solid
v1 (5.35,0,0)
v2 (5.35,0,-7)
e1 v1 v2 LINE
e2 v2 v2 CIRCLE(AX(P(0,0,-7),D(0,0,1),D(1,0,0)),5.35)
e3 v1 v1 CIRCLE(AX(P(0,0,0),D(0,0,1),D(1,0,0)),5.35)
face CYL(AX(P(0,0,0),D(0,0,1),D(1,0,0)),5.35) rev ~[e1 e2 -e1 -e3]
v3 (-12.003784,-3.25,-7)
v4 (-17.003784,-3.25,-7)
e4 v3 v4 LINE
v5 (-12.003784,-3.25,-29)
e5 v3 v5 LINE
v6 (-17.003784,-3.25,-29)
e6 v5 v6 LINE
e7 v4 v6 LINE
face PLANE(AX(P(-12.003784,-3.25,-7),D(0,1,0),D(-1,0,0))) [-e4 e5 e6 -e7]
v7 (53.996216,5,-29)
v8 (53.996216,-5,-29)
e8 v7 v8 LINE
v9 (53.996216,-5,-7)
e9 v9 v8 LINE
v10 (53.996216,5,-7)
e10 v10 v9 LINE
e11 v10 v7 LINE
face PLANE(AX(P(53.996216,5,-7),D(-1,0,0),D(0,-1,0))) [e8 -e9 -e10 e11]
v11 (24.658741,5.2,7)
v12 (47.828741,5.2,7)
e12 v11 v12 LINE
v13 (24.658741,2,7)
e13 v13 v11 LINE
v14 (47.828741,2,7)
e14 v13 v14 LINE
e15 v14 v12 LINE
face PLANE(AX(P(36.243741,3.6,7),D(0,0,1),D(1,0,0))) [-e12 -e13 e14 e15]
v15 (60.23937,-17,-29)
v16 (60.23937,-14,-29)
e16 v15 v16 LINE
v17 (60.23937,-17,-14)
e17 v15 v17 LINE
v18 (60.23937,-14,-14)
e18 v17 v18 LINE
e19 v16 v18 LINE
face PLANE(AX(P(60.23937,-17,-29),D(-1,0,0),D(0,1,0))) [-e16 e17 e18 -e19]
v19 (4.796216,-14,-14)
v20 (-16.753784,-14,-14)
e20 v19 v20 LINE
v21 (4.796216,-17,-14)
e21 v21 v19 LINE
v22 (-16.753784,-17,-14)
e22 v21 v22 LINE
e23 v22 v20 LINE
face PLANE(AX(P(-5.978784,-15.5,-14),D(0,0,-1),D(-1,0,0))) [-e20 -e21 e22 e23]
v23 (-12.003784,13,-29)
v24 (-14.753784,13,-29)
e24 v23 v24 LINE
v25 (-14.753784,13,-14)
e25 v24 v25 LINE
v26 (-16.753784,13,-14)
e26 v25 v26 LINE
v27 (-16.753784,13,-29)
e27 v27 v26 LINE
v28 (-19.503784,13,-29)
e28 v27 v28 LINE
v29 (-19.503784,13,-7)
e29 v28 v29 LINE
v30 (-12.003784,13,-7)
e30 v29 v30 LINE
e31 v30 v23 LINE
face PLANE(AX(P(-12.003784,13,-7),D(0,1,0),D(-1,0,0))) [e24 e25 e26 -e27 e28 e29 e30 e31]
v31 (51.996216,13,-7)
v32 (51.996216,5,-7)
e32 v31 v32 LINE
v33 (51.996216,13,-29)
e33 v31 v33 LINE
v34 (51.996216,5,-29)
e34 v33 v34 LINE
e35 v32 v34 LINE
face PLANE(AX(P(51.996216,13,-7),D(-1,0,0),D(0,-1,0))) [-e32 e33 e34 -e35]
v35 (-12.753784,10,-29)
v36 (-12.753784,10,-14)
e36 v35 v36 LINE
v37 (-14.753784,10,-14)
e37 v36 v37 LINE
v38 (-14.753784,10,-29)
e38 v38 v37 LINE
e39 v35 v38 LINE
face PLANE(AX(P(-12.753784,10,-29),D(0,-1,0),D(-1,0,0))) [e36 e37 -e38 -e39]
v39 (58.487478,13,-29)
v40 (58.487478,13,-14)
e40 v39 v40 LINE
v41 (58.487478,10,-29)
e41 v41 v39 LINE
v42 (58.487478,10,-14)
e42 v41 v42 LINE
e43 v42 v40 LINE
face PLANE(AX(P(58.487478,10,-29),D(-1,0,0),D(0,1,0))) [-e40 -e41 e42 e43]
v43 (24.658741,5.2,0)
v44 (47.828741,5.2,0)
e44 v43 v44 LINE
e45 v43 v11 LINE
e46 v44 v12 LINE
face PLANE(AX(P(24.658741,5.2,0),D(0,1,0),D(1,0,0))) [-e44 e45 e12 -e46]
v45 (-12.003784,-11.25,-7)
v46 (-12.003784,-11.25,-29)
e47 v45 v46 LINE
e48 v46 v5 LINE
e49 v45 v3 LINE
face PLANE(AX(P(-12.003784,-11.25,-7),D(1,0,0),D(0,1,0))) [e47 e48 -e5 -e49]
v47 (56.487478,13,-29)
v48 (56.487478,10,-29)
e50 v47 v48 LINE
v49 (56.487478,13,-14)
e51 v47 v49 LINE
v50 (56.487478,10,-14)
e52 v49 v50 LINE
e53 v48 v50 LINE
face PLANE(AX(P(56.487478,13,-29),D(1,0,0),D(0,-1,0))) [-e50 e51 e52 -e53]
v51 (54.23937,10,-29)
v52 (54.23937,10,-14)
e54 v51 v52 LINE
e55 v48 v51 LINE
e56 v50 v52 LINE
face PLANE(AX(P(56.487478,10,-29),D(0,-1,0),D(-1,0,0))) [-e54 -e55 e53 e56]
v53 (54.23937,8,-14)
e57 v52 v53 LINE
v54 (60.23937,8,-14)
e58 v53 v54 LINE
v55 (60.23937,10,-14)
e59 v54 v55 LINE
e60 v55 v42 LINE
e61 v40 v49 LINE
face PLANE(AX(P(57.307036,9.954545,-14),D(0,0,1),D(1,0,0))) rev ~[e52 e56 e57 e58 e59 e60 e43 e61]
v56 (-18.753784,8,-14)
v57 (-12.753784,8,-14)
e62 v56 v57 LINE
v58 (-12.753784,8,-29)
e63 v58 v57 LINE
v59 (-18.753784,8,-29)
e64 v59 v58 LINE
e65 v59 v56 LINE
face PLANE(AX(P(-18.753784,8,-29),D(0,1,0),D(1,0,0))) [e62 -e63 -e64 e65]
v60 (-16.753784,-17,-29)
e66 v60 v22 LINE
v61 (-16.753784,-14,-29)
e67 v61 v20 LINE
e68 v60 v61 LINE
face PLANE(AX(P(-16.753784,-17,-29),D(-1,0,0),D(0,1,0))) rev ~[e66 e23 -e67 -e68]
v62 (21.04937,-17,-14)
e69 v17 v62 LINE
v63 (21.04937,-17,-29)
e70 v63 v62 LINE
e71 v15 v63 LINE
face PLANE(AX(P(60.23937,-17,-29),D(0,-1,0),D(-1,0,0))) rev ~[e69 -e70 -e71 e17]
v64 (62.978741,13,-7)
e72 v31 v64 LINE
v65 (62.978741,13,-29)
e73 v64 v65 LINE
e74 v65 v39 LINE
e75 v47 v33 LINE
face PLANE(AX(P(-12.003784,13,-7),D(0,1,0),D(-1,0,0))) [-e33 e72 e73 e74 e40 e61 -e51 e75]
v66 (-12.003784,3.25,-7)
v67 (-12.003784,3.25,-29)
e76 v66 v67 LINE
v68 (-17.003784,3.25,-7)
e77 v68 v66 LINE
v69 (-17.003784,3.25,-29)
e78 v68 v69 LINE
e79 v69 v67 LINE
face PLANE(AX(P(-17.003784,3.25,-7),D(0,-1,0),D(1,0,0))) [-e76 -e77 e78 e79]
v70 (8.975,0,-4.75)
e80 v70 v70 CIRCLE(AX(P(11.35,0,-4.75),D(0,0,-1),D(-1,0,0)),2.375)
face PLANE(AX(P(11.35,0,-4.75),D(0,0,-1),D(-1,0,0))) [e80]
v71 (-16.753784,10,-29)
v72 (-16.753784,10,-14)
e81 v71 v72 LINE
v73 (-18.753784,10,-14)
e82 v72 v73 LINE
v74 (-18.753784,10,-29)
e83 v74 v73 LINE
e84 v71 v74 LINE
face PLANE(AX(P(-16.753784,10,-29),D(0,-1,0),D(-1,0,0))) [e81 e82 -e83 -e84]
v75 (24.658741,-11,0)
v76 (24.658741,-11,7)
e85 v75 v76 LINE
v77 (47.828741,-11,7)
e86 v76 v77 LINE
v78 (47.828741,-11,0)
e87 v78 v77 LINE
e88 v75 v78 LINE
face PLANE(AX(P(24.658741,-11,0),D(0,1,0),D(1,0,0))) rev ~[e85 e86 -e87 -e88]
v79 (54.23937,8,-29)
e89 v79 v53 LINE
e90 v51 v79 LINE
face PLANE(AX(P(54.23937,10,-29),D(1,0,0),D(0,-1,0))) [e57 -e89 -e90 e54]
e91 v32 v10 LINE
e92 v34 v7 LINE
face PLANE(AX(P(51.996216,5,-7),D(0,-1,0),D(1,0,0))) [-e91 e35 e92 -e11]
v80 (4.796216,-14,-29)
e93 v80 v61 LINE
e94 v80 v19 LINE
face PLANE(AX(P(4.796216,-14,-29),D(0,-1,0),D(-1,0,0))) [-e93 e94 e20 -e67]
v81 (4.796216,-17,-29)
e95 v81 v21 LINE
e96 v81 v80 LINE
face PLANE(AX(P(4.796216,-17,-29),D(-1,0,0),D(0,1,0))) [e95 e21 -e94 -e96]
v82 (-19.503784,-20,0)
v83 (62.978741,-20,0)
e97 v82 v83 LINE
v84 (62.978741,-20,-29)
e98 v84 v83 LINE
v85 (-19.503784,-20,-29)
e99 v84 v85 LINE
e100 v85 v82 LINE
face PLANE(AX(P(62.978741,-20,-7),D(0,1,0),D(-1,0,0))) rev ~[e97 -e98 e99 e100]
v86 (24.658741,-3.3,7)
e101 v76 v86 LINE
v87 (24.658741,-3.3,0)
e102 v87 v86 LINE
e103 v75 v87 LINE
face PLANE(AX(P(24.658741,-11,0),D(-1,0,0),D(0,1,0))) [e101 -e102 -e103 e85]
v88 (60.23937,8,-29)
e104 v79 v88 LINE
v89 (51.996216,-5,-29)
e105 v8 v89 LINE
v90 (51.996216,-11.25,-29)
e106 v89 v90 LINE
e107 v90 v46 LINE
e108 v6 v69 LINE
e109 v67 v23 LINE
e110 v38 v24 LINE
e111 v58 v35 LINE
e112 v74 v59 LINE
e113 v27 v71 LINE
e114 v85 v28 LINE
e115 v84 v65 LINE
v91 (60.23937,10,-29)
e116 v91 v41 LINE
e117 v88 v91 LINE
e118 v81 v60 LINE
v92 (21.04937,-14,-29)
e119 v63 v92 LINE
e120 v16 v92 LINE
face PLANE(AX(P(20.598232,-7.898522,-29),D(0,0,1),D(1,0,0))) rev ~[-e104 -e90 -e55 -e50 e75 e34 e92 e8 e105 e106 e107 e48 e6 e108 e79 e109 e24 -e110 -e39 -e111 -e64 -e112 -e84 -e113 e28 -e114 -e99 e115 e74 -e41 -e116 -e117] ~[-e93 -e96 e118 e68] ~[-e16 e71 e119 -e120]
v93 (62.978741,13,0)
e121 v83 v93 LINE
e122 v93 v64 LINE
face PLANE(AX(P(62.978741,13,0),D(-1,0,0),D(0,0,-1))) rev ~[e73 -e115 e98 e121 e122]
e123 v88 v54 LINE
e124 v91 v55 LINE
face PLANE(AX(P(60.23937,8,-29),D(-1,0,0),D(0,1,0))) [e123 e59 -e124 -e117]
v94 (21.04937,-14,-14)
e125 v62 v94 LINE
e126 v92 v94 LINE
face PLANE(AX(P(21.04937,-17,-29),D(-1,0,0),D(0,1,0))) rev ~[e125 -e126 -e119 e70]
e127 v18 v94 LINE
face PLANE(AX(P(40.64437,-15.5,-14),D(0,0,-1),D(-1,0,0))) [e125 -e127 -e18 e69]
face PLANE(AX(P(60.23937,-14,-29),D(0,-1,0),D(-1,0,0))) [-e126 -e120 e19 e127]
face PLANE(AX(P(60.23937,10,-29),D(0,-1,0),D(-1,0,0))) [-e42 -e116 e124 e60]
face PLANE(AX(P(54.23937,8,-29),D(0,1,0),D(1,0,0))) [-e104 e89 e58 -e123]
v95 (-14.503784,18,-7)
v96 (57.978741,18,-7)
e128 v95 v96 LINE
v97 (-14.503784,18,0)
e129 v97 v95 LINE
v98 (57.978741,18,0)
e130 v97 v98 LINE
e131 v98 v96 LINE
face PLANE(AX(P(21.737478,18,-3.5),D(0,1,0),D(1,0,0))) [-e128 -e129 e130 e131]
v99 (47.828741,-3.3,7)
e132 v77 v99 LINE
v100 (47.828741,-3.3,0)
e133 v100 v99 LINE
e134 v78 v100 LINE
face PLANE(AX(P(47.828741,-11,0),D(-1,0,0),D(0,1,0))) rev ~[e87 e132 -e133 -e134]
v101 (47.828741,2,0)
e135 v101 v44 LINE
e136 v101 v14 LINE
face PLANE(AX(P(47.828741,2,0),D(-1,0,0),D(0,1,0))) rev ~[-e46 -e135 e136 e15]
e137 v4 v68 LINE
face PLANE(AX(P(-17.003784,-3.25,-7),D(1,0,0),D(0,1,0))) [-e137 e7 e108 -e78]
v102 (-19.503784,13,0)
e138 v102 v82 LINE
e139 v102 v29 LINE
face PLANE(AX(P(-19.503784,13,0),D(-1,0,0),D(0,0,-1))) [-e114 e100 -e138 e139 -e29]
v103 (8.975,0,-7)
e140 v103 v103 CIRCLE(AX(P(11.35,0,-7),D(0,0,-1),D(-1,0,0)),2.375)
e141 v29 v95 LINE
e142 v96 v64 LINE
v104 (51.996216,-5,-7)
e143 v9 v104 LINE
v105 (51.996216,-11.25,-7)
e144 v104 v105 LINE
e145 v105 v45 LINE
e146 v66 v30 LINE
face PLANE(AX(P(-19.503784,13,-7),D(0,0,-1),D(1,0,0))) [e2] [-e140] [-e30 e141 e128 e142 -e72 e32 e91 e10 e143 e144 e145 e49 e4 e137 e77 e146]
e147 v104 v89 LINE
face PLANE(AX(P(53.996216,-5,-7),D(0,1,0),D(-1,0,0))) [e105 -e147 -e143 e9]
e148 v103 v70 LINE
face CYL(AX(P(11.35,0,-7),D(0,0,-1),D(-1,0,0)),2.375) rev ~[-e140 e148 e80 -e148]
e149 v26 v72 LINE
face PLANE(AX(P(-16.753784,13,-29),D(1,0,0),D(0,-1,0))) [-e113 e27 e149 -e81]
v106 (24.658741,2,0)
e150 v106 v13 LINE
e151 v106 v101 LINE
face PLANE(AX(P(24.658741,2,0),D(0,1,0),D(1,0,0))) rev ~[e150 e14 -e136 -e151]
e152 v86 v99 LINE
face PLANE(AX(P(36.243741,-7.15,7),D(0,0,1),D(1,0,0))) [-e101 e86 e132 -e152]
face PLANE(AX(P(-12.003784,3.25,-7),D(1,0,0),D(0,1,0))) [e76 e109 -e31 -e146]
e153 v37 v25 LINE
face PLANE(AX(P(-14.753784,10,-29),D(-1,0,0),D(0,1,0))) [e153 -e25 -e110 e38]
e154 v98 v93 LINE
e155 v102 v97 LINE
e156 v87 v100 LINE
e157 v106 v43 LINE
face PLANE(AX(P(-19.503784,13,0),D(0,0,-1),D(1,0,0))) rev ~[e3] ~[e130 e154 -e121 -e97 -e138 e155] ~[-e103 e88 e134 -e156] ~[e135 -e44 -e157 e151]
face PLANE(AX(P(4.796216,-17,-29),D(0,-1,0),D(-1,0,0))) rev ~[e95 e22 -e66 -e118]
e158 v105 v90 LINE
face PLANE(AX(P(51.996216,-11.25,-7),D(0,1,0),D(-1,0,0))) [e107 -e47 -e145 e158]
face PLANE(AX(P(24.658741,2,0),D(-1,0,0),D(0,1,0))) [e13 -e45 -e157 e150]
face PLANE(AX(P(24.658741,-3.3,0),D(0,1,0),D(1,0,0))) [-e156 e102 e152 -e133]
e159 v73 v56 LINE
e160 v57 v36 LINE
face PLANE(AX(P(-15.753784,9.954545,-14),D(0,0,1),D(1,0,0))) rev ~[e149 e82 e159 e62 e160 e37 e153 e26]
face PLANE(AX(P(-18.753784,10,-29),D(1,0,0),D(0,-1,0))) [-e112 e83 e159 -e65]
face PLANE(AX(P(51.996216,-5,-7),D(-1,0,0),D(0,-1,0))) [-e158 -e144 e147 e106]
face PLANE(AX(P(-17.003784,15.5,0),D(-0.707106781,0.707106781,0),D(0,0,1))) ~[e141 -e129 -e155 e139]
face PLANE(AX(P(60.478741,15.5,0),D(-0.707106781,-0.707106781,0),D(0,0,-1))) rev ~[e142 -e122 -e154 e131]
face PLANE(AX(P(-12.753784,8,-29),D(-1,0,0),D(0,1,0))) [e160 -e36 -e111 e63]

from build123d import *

# Parameters (mm, degrees)
SKETCH1_R           = 5.35
BOSS_EXTRUDE2_DEPTH = 7
SKETCH8_R           = 2.375
CUT_EXTRUDE2_DEPTH  = 2.25
BOSS_EXTRUDE3_DEPTH = 22
SKETCH10_W          = 82.482524805
SKETCH10_H          = 7
BOSS_EXTRUDE4_DEPTH = 5
CHAMFER1_SIZE       = 5
SKETCH11_W          = 39.19
SKETCH11_H          = 3
SKETCH11_W_2        = 21.55
CUT_EXTRUDE3_DEPTH  = 15
SKETCH12_W          = 23.17
SKETCH12_H          = 7.7
SKETCH12_H_2        = 3.2
BOSS_EXTRUDE5_DEPTH = 7


with BuildPart() as part:
    # Sketch1 → Boss-Extrude2 (new body)
    with BuildSketch(Plane.XY):
        Polygon((-19.503784034, 13), (-19.503784034, -20), (19.503784034, -20), (62.978740771, -20), (62.978740771, 13), (19.503784034, 13), align=None)
        Circle(SKETCH1_R, mode=Mode.SUBTRACT)
    extrude(amount=-BOSS_EXTRUDE2_DEPTH)

    # Sketch8 → Cut-Extrude2 (cut)
    with BuildSketch(Plane(origin=(0, 0, -7), x_dir=(-1, 0, 0), z_dir=(0, 0, -1))):
        with Locations((-11.35, 0)):
            Circle(SKETCH8_R)
    extrude(amount=-CUT_EXTRUDE2_DEPTH, mode=Mode.SUBTRACT)

    # Sketch9 → Boss-Extrude3 (add)
    with BuildSketch(Plane(origin=(0, 0, -7), x_dir=(-1, 0, 0), z_dir=(0, 0, -1))):
        Polygon((12.003784034, 3.25), (12.003784034, 13), (19.503784034, 13), (19.503784034, -12.662545792), (19.503784034, -20), (-56.5, -20), (-62.978740771, -20), (-62.978740771, 13), (-51.996215966, 13), (-51.996215966, 5), (-53.996215966, 5), (-53.996215966, -5), (-51.996215966, -5), (-51.996215966, -11.25), (12.003784034, -11.25), (12.003784034, -3.25), (17.003784034, -3.25), (17.003784034, 3.25), align=None)
    extrude(amount=BOSS_EXTRUDE3_DEPTH)

    # Sketch10 → Boss-Extrude4 (add)
    with BuildSketch(Plane(origin=(0, 13, 0), x_dir=(1, 0, 0), z_dir=(0, 1, 0))):
        with Locations((21.737478368, 3.5)):
            Rectangle(SKETCH10_W, SKETCH10_H)
    extrude(amount=BOSS_EXTRUDE4_DEPTH)

    # Chamfer1
    chamfer1_edges = [part.edges().sort_by_distance(p)[0] for p in [
        (62.978740771, 18, -3.5),
        (-19.503784034, 18, -3.5),
    ]]
    chamfer(chamfer1_edges, length=CHAMFER1_SIZE)

    # Sketch11 → Cut-Extrude3 (cut)
    with BuildSketch(Plane(origin=(0, 0, -29), x_dir=(-1, 0, 0), z_dir=(0, 0, -1))):
        Polygon((-60.239370385, 10), (-58.487478368, 10), (-58.487478368, 13), (-56.487478368, 13), (-56.487478368, 10), (-54.239370385, 10), (-54.239370385, 8), (-60.239370385, 8), align=None)
        with Locations((-40.644370385, -15.5)):
            Rectangle(SKETCH11_W, SKETCH11_H)
        with Locations((5.978784034, -15.5)):
            Rectangle(SKETCH11_W_2, SKETCH11_H)
        Polygon((14.753784034, 13), (16.753784034, 13), (16.753784034, 10), (18.753784034, 10), (18.753784034, 8), (12.753784034, 8), (12.753784034, 10), (14.753784034, 10), align=None)
    extrude(amount=-CUT_EXTRUDE3_DEPTH, mode=Mode.SUBTRACT)

    # Sketch12 → Boss-Extrude5 (add)
    with BuildSketch(Plane.XY):
        with Locations((36.243740771, -7.15)):
            Rectangle(SKETCH12_W, SKETCH12_H)
        with Locations((36.243740771, 3.6)):
            Rectangle(SKETCH12_W, SKETCH12_H_2)
    extrude(amount=BOSS_EXTRUDE5_DEPTH)


solid = part.part
